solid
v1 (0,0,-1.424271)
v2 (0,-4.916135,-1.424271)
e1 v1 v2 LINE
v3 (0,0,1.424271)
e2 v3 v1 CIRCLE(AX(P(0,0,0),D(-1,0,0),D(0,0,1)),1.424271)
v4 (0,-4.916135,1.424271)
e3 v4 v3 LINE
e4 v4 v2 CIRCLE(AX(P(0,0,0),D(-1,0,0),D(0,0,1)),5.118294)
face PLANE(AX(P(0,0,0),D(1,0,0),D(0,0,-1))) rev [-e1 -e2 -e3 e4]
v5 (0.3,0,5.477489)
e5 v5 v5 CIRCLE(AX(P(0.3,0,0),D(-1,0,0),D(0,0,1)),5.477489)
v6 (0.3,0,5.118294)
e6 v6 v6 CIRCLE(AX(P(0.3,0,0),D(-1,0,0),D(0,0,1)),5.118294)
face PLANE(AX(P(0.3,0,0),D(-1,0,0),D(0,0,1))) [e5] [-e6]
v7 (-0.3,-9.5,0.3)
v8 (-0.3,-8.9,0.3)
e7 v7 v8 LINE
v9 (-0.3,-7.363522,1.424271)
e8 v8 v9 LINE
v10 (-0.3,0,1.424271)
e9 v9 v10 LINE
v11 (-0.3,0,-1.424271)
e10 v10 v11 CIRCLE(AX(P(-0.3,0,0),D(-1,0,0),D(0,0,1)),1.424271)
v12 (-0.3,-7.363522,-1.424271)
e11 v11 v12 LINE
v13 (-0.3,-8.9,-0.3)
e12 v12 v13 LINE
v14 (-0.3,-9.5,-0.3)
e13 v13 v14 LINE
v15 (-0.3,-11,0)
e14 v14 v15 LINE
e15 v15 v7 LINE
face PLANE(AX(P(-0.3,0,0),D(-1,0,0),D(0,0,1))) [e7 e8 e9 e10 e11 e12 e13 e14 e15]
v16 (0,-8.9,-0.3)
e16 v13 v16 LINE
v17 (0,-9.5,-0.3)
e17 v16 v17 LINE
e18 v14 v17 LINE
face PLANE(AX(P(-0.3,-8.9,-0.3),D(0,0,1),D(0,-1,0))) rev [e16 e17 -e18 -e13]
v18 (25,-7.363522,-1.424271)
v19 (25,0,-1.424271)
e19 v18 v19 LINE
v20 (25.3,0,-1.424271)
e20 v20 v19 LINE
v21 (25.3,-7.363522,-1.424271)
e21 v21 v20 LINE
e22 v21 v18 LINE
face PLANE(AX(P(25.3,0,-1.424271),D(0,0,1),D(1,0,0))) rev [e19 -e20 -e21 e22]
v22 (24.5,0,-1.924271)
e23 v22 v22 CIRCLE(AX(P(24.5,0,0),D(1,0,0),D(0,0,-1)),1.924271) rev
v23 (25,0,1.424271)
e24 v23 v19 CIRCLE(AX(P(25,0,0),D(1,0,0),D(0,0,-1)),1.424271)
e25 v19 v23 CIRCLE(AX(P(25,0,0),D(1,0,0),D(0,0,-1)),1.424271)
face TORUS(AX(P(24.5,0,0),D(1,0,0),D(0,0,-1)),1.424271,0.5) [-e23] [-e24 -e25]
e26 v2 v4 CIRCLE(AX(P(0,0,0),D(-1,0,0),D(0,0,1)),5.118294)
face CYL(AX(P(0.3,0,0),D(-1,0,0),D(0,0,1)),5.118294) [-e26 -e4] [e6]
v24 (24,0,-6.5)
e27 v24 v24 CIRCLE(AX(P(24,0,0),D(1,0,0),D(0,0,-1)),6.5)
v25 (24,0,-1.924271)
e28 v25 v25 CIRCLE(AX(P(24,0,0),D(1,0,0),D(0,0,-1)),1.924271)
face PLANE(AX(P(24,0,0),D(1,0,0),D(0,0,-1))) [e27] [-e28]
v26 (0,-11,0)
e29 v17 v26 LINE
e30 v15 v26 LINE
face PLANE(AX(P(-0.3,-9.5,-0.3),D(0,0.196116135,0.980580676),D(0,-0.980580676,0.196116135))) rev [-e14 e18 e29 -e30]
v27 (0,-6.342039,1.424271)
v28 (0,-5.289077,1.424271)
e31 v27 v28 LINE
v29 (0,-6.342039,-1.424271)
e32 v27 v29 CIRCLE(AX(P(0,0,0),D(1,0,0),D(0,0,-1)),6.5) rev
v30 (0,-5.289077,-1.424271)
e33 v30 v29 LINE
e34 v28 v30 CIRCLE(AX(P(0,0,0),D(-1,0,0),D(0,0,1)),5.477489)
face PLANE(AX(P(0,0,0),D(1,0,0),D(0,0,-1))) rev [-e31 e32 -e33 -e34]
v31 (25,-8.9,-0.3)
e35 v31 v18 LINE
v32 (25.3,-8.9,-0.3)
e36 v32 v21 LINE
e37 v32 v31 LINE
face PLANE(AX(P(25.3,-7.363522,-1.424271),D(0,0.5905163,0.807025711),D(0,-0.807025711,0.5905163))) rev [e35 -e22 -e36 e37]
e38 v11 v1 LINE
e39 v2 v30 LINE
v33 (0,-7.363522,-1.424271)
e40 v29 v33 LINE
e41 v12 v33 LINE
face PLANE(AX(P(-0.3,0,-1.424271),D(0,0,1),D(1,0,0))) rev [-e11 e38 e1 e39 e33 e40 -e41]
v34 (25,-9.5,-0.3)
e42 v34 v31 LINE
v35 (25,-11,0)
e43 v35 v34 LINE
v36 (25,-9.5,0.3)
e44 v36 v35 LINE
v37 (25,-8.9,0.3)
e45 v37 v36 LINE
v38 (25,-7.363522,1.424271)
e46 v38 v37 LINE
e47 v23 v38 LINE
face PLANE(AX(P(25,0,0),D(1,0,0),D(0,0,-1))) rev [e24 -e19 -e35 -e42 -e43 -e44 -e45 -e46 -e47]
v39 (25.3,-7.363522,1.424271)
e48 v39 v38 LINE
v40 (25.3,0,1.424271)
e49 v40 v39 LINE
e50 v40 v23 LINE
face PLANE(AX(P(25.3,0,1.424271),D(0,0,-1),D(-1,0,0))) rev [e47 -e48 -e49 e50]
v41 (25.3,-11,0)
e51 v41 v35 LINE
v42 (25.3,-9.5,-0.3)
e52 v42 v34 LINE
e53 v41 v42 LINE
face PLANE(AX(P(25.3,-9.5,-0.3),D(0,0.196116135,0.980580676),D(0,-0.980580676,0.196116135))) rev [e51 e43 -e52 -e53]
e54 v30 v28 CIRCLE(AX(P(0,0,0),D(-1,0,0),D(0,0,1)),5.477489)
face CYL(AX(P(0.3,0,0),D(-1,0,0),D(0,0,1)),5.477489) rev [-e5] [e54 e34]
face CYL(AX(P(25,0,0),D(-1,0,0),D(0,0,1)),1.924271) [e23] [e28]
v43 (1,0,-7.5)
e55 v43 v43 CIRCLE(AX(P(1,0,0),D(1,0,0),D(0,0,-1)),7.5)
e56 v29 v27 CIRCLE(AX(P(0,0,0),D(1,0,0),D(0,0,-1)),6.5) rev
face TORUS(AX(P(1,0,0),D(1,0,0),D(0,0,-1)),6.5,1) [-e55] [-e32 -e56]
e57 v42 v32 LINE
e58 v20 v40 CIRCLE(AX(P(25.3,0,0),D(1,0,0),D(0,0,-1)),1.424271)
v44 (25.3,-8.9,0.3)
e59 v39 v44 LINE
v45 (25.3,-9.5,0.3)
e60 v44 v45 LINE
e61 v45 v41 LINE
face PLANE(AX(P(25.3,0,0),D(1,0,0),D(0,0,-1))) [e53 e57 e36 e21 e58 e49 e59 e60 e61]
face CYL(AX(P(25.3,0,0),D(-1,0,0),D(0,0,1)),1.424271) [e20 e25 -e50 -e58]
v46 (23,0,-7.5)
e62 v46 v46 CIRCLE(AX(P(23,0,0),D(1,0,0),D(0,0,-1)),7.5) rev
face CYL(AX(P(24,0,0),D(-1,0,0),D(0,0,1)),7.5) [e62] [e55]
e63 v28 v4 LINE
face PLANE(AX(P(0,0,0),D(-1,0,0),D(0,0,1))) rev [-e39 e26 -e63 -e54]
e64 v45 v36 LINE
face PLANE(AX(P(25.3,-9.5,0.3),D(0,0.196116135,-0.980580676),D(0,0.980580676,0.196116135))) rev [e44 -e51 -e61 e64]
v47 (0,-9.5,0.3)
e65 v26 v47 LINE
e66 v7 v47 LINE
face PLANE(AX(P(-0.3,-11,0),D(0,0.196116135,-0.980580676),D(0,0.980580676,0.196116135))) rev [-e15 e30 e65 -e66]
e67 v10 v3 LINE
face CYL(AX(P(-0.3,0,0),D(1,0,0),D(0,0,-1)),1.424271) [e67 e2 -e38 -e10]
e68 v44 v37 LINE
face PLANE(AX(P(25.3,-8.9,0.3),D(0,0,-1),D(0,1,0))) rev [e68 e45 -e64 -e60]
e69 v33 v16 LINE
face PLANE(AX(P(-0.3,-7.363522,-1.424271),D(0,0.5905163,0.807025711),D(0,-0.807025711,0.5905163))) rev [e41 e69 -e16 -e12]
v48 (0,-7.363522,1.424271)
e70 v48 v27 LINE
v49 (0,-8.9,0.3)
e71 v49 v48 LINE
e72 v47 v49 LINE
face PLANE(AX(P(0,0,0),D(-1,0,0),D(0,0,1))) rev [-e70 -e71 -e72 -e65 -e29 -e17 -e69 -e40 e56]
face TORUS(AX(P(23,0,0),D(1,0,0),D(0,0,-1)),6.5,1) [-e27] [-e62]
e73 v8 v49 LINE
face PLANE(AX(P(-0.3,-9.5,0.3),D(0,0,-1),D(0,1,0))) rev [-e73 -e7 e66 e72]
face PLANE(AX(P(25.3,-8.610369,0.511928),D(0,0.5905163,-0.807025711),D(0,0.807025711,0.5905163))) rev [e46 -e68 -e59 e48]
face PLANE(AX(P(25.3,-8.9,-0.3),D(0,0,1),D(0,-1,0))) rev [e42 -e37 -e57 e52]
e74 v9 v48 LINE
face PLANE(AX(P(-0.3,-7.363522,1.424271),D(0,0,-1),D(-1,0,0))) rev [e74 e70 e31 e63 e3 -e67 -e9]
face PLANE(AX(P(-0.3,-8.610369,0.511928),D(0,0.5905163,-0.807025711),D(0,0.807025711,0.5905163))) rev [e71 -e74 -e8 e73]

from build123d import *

# Parameters (mm, degrees)
SKETCH1_R           = 7.5
BOSS_EXTRUDE1_DEPTH = 24
FILLET1_R           = 1
SKETCH2_R           = 1.924270806
BOSS_EXTRUDE2_DEPTH = 1
FILLET2_R           = 0.5
SKETCH3_R           = 5.477488552
SKETCH3_R_2         = 5.118293918
CUT_EXTRUDE1_DEPTH  = 0.3
BOSS_EXTRUDE3_DEPTH = 0.3
BOSS_EXTRUDE4_START = 0.3
BOSS_EXTRUDE4_DEPTH = 0.3


with BuildPart() as part:
    # Sketch1 → Boss-Extrude1 (new body)
    with BuildSketch(Plane(origin=(0, 0, 0), x_dir=(0, 0, -1), z_dir=(1, 0, 0))):
        Circle(SKETCH1_R)
    extrude(amount=BOSS_EXTRUDE1_DEPTH)

    # Fillet1
    fillet1_edges = [part.edges().sort_by_distance(p)[0] for p in [
        (0, 0, 7.5),
        (24, 0, 7.5),
    ]]
    fillet(fillet1_edges, radius=FILLET1_R)

    # Sketch2 → Boss-Extrude2 (add)
    with BuildSketch(Plane(origin=(24, 0, 0), x_dir=(0, 0, -1), z_dir=(1, 0, 0))):
        Circle(SKETCH2_R)
    extrude(amount=BOSS_EXTRUDE2_DEPTH)

    # Fillet2
    fillet2_edges = [part.edges().sort_by_distance(p)[0] for p in [
        (25, 0, 1.924270806),
    ]]
    fillet(fillet2_edges, radius=FILLET2_R)

    # Sketch3 → Cut-Extrude1 (cut)
    with BuildSketch(Plane.ZY):
        Circle(SKETCH3_R)
        Circle(SKETCH3_R_2, mode=Mode.SUBTRACT)
    extrude(amount=-CUT_EXTRUDE1_DEPTH, mode=Mode.SUBTRACT)

    # Sketch4 → Boss-Extrude3 (add)
    with BuildSketch(Plane(origin=(25, 0, 0), x_dir=(0, 0, -1), z_dir=(1, 0, 0))):
        with BuildLine():
            Line((-1.424270806, 0), (-1.424270806, -7.363521757))
            Line((-1.424270806, -7.363521757), (-0.511928366, -8.610369315))
            Line((-0.511928366, -8.610369315), (-0.3, -8.9))
            Line((-0.3, -8.9), (-0.3, -9.5))
            Line((-0.3, -9.5), (0, -11))
            Line((0, -11), (0.3, -9.5))
            Line((0.3, -9.5), (0.3, -8.9))
            Line((0.3, -8.9), (0.520522804, -8.598623776))
            Line((0.520522804, -8.598623776), (1.424270806, -7.363521757))
            Line((1.424270806, -7.363521757), (1.424270806, 0))
            ThreePointArc((1.424270806, 0), (0, 1.424270806), (-1.424270806, 0))
        make_face()
    extrude(amount=BOSS_EXTRUDE3_DEPTH)

    # Sketch5 → Boss-Extrude4 (add)
    with BuildSketch(Plane.ZY.offset(BOSS_EXTRUDE4_START)):
        with BuildLine():
            Line((-0.3, -8.9), (-0.3, -9.5))
            Line((-0.3, -9.5), (0, -11))
            Line((0, -11), (0.3, -9.5))
            Line((0.3, -9.5), (0.3, -8.9))
            Line((0.3, -8.9), (0.511928366, -8.610369315))
            Line((0.511928366, -8.610369315), (1.424270806, -7.363521757))
            Line((1.424270806, -7.363521757), (1.424270806, 0))
            ThreePointArc((1.424270806, 0), (0, 1.424270806), (-1.424270806, 0))
            Line((-1.424270806, 0), (-1.424270806, -7.363521757))
            Line((-1.424270806, -7.363521757), (-0.520522804, -8.598623776))
            Line((-0.520522804, -8.598623776), (-0.3, -8.9))
        make_face()
    extrude(amount=-BOSS_EXTRUDE4_DEPTH)


solid = part.part
